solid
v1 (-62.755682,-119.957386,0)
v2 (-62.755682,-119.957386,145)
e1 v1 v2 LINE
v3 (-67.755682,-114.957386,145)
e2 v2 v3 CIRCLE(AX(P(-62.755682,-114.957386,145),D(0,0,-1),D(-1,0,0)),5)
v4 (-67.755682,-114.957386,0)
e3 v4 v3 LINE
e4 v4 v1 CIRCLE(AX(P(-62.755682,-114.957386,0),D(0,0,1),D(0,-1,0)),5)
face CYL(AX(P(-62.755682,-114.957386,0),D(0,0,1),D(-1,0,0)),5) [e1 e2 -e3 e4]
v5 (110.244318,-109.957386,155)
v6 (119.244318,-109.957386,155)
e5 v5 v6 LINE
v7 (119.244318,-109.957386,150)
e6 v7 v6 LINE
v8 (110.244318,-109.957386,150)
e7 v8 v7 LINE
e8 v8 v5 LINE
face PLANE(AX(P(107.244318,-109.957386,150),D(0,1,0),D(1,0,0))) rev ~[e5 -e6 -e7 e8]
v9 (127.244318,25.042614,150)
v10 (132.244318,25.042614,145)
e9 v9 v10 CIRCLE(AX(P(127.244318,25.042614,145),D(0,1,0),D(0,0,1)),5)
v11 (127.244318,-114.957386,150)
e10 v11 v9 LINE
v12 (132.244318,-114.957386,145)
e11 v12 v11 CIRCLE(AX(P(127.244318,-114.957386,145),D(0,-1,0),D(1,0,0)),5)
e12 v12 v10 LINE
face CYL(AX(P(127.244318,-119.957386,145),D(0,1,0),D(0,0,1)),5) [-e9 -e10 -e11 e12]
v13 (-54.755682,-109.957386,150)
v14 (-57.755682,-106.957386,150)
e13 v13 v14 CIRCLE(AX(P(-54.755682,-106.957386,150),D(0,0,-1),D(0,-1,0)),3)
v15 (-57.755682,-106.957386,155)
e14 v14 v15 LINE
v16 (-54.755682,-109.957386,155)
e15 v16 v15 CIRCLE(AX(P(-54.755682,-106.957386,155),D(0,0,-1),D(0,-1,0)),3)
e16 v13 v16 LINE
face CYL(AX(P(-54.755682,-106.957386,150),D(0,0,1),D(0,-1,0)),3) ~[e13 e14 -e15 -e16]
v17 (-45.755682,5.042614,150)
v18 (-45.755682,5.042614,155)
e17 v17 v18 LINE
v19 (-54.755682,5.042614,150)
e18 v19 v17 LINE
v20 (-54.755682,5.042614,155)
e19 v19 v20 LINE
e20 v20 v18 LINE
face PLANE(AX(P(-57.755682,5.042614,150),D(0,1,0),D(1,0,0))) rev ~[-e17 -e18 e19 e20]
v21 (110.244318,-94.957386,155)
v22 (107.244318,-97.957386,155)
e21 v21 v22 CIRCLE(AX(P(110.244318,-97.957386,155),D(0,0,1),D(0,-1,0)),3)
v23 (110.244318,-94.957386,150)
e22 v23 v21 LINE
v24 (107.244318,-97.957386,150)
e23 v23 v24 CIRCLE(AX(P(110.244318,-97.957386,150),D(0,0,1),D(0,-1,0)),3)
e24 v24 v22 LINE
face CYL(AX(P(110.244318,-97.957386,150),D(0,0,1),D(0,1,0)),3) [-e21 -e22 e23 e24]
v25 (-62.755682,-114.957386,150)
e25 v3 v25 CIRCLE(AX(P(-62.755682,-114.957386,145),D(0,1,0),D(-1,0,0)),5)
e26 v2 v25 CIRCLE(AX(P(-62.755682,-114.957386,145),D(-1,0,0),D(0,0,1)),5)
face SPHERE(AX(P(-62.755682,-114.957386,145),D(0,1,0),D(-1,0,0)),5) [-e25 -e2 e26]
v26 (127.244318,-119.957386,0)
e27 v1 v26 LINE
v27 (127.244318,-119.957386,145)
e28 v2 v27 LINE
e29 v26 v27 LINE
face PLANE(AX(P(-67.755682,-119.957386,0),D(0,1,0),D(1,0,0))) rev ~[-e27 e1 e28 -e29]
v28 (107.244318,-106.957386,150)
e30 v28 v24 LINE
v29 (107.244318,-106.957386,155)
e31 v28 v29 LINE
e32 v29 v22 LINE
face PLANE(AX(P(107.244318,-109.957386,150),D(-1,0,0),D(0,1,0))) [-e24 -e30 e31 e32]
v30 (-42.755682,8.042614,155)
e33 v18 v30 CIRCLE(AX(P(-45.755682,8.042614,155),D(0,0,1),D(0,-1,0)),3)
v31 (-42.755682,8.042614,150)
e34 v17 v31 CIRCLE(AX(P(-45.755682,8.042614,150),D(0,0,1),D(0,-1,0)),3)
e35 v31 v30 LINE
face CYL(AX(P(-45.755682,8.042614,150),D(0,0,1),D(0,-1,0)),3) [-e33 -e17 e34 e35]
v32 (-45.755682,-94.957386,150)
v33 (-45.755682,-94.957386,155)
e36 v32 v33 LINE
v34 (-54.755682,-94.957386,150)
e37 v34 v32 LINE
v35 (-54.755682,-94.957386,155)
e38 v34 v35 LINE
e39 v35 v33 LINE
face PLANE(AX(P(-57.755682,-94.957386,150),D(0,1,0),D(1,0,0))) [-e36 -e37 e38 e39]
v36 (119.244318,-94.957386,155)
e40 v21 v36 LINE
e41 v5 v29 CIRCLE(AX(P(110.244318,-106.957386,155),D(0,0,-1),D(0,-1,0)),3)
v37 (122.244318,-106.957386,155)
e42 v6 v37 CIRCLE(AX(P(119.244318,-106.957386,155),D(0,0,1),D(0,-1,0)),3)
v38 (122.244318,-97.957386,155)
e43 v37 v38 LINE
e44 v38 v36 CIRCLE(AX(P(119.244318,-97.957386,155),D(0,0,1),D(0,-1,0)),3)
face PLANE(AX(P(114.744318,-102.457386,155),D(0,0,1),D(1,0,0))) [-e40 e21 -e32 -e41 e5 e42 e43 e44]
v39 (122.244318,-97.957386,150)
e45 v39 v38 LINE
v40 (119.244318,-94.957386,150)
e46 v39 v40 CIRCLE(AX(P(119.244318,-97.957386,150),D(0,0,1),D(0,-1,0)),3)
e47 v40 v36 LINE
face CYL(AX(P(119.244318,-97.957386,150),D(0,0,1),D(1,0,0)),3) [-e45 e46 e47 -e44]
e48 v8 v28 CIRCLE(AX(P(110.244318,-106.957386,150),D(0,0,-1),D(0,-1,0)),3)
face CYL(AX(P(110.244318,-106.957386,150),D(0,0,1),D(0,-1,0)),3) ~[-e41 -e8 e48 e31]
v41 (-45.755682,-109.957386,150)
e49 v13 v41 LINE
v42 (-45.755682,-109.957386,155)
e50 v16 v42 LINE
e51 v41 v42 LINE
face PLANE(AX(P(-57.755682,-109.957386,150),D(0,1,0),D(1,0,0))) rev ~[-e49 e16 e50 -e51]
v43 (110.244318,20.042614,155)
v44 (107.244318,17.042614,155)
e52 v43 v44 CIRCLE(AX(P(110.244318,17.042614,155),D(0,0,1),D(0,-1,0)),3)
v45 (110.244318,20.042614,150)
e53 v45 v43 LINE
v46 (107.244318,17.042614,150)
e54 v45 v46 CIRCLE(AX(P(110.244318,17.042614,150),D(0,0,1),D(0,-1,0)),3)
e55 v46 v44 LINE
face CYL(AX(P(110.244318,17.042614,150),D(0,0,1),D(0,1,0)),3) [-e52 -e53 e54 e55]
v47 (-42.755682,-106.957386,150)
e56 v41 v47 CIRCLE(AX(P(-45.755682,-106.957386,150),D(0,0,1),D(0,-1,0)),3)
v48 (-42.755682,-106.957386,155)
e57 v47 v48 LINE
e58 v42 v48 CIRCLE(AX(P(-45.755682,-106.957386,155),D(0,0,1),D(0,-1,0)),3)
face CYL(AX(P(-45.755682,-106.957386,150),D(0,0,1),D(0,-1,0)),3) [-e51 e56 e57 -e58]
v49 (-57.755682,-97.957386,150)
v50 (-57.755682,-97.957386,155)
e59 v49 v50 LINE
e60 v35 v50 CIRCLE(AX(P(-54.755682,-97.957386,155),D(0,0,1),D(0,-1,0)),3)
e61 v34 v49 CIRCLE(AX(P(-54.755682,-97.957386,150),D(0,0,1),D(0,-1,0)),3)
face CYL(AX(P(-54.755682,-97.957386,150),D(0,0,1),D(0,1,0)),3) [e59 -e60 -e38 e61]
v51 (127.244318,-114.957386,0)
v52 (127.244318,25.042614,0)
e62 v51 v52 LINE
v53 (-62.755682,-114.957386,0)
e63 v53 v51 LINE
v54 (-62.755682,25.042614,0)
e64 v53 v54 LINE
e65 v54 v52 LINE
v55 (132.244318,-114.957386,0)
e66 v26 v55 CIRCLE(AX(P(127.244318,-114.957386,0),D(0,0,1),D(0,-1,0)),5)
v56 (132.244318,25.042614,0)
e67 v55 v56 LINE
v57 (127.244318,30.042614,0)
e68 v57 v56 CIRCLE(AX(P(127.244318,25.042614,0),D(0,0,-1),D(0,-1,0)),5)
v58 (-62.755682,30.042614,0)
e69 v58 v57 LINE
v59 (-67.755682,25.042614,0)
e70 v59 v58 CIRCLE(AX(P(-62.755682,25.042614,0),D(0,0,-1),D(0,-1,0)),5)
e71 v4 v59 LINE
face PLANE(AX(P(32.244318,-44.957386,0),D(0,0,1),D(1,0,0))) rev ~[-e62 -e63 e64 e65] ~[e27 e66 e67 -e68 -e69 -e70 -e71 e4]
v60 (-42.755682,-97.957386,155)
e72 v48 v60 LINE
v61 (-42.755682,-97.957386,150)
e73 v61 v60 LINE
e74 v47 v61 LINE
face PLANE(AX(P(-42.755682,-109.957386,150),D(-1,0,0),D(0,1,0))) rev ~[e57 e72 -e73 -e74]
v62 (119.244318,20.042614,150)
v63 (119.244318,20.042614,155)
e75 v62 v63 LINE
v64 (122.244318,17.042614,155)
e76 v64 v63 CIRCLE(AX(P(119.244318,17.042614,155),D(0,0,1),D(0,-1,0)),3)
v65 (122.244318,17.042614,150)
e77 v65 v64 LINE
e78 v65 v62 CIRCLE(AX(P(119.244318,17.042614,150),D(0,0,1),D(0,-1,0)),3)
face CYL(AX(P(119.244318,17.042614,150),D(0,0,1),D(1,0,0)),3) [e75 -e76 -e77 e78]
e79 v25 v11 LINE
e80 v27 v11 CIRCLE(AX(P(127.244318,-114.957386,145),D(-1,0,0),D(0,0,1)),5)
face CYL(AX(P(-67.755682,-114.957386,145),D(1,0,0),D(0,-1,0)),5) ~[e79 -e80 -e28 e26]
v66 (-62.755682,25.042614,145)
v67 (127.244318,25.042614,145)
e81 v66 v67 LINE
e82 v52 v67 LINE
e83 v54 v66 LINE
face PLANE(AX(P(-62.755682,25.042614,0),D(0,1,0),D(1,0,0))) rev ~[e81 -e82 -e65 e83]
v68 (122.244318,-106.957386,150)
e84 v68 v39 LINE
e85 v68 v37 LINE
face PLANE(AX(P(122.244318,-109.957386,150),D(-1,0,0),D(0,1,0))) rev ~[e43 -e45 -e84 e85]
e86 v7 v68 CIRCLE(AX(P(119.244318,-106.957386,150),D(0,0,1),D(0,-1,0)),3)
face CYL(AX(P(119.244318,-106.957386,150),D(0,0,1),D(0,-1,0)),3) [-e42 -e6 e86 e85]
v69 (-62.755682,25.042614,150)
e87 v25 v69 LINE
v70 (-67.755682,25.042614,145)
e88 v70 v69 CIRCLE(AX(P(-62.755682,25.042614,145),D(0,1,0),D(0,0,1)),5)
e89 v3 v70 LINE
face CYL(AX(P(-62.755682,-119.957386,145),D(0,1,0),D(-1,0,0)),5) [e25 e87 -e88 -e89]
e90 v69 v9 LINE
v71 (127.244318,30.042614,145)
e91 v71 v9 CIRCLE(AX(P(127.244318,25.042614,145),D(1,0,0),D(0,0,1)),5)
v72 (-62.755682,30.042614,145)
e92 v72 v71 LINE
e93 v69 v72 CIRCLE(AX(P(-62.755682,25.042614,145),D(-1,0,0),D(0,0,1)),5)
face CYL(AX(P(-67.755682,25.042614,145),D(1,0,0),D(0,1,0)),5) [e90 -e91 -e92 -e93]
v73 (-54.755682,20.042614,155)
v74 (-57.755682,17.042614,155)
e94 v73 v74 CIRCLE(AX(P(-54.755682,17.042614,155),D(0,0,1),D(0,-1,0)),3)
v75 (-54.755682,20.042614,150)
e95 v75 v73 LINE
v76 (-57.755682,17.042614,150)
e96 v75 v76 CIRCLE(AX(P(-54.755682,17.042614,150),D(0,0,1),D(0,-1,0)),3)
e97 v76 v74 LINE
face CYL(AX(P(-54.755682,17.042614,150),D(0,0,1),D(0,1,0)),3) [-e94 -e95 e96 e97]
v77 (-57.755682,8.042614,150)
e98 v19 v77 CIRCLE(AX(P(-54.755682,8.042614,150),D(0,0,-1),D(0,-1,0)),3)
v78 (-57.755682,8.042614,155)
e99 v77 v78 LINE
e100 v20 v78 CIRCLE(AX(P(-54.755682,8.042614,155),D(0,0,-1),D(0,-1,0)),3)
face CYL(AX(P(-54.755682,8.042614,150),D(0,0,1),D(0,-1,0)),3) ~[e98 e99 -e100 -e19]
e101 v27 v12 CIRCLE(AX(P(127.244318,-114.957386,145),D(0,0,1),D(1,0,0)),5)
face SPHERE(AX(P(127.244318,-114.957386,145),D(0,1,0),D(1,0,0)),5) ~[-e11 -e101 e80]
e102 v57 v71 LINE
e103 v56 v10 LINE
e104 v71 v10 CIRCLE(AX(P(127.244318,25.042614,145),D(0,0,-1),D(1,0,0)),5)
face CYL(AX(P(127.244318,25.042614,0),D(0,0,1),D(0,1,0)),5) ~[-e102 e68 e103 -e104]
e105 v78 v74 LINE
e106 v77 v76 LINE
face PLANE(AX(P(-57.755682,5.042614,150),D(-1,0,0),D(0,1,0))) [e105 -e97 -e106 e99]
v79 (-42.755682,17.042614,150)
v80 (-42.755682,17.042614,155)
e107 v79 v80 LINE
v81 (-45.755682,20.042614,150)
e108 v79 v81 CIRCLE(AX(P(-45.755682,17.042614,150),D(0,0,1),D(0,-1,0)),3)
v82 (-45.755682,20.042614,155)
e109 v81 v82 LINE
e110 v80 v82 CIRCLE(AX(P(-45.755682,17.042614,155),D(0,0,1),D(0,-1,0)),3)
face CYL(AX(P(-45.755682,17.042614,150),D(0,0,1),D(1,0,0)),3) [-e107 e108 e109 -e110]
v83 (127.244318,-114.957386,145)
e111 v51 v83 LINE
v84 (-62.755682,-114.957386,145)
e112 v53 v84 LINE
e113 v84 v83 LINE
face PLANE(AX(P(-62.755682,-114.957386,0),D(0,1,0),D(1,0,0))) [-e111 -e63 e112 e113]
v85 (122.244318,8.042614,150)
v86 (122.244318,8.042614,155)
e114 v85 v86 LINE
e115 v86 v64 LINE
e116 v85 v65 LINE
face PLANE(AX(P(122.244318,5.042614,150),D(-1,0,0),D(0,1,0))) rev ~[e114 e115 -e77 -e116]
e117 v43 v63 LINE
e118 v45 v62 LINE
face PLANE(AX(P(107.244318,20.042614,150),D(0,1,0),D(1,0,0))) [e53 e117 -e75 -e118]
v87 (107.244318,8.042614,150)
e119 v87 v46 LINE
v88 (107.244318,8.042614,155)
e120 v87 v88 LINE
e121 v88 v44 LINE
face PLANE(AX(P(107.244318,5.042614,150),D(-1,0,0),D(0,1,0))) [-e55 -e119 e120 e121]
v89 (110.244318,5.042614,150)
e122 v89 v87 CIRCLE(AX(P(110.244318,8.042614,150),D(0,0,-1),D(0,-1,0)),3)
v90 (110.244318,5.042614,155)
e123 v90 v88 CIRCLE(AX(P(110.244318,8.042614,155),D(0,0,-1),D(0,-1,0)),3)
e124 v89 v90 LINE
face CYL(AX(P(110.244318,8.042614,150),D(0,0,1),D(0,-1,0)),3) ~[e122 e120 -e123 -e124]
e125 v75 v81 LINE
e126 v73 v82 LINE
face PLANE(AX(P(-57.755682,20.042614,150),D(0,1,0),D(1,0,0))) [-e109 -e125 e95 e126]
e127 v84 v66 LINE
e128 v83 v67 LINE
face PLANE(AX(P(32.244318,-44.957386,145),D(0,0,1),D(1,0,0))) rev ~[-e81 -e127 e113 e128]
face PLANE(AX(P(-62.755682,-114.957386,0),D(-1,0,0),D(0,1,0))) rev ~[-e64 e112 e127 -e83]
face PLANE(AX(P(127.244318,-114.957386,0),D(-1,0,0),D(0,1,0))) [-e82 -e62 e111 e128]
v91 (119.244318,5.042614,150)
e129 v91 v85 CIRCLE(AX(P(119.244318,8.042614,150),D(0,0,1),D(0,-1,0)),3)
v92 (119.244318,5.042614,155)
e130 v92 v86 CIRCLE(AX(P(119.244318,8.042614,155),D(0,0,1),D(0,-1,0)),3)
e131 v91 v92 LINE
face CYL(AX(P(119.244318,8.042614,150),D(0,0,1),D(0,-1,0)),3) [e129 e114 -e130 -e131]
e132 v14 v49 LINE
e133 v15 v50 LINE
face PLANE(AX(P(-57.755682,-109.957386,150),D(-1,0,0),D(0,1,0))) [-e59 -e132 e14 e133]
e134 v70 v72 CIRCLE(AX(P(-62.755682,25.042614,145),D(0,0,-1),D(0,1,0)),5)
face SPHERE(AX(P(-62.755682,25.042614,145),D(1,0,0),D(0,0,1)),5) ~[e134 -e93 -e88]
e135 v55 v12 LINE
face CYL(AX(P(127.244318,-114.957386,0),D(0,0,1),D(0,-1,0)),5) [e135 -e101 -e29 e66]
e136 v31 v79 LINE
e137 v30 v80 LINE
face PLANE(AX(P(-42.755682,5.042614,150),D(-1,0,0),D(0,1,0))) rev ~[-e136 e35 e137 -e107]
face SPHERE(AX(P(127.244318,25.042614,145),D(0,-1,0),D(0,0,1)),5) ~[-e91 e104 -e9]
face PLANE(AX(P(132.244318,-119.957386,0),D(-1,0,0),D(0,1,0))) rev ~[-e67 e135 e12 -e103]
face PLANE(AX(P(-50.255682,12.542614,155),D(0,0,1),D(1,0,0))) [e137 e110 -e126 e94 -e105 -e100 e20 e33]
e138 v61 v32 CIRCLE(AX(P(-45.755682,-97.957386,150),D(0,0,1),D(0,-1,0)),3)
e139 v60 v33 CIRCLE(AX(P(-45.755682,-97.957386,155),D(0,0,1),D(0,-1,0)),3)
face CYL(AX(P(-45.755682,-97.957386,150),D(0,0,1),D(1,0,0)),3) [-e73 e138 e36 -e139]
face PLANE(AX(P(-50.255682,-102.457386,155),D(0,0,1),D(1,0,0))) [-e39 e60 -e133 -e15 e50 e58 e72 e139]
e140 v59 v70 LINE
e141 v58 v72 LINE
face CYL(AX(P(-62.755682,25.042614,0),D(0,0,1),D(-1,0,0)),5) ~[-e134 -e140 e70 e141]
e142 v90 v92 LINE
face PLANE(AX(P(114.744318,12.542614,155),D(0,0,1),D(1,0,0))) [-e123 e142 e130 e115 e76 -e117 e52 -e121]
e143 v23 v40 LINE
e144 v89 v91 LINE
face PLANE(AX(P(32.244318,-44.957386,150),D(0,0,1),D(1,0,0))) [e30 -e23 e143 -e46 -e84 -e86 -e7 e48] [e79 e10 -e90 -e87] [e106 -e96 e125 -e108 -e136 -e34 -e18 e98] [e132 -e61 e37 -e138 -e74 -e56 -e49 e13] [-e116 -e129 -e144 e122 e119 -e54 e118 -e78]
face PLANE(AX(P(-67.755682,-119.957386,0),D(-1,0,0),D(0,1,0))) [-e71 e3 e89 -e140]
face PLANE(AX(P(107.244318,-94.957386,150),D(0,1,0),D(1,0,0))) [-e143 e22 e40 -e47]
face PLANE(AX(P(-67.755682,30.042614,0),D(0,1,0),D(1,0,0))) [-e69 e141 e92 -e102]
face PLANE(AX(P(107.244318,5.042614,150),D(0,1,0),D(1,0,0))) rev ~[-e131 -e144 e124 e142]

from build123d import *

# Parameters (mm, degrees)
SKETCH1_W           = 200
SKETCH1_H           = 150
BOSS_EXTRUDE1_DEPTH = 150
SKETCH2_W           = 190
SKETCH2_H           = 140
CUT_EXTRUDE1_DEPTH  = 145
SKETCH3_W           = 15
SKETCH3_H           = 15
BOSS_EXTRUDE3_DEPTH = 5
FILLET1_R           = 5
FILLET2_R           = 3


with BuildPart() as part:
    # Sketch1 → Boss-Extrude1 (new body)
    with BuildSketch(Plane.XY):
        with Locations((32.244318182, -44.957386364)):
            Rectangle(SKETCH1_W, SKETCH1_H)
    extrude(amount=BOSS_EXTRUDE1_DEPTH)

    # Sketch2 → Cut-Extrude1 (cut)
    with BuildSketch(Plane.XY):
        with Locations((32.244318182, -44.957386364)):
            Rectangle(SKETCH2_W, SKETCH2_H)
    extrude(amount=CUT_EXTRUDE1_DEPTH, mode=Mode.SUBTRACT)

    # Sketch3 → Boss-Extrude3 (add)
    with BuildSketch(Plane.XY.offset(150)):
        with Locations((-50.255681818, 12.542613636)):
            Rectangle(SKETCH3_W, SKETCH3_H)
        with Locations((114.744318182, 12.542613636)):
            Rectangle(SKETCH3_W, SKETCH3_H)
        with Locations((-50.255681818, -102.457386364)):
            Rectangle(SKETCH3_W, SKETCH3_H)
        with Locations((114.744318182, -102.457386364)):
            Rectangle(SKETCH3_W, SKETCH3_H)
    extrude(amount=BOSS_EXTRUDE3_DEPTH)

    # Fillet1
    fillet1_edges = [part.edges().sort_by_distance(p)[0] for p in [
        (132.244318182, -44.957386364, 150),
        (32.244318182, 30.042613636, 150),
        (-67.755681818, -44.957386364, 150),
        (-67.755681818, 30.042613636, 75),
        (132.244318182, 30.042613636, 75),
        (132.244318182, -119.957386364, 75),
        (-67.755681818, -119.957386364, 75),
        (32.244318182, -119.957386364, 150),
    ]]
    fillet(fillet1_edges, radius=FILLET1_R)

    # Fillet2
    fillet2_edges = [part.edges().sort_by_distance(p)[0] for p in [
        (-42.755681818, 5.042613636, 152.5),
        (-42.755681818, 20.042613636, 152.5),
        (-57.755681818, 20.042613636, 152.5),
        (-57.755681818, 5.042613636, 152.5),
        (122.244318182, 20.042613636, 152.5),
        (107.244318182, 20.042613636, 152.5),
        (107.244318182, 5.042613636, 152.5),
        (122.244318182, 5.042613636, 152.5),
        (-57.755681818, -94.957386364, 152.5),
        (-57.755681818, -109.957386364, 152.5),
        (-42.755681818, -109.957386364, 152.5),
        (-42.755681818, -94.957386364, 152.5),
        (122.244318182, -109.957386364, 152.5),
        (122.244318182, -94.957386364, 152.5),
        (107.244318182, -94.957386364, 152.5),
        (107.244318182, -109.957386364, 152.5),
    ]]
    fillet(fillet2_edges, radius=FILLET2_R)


solid = part.part
